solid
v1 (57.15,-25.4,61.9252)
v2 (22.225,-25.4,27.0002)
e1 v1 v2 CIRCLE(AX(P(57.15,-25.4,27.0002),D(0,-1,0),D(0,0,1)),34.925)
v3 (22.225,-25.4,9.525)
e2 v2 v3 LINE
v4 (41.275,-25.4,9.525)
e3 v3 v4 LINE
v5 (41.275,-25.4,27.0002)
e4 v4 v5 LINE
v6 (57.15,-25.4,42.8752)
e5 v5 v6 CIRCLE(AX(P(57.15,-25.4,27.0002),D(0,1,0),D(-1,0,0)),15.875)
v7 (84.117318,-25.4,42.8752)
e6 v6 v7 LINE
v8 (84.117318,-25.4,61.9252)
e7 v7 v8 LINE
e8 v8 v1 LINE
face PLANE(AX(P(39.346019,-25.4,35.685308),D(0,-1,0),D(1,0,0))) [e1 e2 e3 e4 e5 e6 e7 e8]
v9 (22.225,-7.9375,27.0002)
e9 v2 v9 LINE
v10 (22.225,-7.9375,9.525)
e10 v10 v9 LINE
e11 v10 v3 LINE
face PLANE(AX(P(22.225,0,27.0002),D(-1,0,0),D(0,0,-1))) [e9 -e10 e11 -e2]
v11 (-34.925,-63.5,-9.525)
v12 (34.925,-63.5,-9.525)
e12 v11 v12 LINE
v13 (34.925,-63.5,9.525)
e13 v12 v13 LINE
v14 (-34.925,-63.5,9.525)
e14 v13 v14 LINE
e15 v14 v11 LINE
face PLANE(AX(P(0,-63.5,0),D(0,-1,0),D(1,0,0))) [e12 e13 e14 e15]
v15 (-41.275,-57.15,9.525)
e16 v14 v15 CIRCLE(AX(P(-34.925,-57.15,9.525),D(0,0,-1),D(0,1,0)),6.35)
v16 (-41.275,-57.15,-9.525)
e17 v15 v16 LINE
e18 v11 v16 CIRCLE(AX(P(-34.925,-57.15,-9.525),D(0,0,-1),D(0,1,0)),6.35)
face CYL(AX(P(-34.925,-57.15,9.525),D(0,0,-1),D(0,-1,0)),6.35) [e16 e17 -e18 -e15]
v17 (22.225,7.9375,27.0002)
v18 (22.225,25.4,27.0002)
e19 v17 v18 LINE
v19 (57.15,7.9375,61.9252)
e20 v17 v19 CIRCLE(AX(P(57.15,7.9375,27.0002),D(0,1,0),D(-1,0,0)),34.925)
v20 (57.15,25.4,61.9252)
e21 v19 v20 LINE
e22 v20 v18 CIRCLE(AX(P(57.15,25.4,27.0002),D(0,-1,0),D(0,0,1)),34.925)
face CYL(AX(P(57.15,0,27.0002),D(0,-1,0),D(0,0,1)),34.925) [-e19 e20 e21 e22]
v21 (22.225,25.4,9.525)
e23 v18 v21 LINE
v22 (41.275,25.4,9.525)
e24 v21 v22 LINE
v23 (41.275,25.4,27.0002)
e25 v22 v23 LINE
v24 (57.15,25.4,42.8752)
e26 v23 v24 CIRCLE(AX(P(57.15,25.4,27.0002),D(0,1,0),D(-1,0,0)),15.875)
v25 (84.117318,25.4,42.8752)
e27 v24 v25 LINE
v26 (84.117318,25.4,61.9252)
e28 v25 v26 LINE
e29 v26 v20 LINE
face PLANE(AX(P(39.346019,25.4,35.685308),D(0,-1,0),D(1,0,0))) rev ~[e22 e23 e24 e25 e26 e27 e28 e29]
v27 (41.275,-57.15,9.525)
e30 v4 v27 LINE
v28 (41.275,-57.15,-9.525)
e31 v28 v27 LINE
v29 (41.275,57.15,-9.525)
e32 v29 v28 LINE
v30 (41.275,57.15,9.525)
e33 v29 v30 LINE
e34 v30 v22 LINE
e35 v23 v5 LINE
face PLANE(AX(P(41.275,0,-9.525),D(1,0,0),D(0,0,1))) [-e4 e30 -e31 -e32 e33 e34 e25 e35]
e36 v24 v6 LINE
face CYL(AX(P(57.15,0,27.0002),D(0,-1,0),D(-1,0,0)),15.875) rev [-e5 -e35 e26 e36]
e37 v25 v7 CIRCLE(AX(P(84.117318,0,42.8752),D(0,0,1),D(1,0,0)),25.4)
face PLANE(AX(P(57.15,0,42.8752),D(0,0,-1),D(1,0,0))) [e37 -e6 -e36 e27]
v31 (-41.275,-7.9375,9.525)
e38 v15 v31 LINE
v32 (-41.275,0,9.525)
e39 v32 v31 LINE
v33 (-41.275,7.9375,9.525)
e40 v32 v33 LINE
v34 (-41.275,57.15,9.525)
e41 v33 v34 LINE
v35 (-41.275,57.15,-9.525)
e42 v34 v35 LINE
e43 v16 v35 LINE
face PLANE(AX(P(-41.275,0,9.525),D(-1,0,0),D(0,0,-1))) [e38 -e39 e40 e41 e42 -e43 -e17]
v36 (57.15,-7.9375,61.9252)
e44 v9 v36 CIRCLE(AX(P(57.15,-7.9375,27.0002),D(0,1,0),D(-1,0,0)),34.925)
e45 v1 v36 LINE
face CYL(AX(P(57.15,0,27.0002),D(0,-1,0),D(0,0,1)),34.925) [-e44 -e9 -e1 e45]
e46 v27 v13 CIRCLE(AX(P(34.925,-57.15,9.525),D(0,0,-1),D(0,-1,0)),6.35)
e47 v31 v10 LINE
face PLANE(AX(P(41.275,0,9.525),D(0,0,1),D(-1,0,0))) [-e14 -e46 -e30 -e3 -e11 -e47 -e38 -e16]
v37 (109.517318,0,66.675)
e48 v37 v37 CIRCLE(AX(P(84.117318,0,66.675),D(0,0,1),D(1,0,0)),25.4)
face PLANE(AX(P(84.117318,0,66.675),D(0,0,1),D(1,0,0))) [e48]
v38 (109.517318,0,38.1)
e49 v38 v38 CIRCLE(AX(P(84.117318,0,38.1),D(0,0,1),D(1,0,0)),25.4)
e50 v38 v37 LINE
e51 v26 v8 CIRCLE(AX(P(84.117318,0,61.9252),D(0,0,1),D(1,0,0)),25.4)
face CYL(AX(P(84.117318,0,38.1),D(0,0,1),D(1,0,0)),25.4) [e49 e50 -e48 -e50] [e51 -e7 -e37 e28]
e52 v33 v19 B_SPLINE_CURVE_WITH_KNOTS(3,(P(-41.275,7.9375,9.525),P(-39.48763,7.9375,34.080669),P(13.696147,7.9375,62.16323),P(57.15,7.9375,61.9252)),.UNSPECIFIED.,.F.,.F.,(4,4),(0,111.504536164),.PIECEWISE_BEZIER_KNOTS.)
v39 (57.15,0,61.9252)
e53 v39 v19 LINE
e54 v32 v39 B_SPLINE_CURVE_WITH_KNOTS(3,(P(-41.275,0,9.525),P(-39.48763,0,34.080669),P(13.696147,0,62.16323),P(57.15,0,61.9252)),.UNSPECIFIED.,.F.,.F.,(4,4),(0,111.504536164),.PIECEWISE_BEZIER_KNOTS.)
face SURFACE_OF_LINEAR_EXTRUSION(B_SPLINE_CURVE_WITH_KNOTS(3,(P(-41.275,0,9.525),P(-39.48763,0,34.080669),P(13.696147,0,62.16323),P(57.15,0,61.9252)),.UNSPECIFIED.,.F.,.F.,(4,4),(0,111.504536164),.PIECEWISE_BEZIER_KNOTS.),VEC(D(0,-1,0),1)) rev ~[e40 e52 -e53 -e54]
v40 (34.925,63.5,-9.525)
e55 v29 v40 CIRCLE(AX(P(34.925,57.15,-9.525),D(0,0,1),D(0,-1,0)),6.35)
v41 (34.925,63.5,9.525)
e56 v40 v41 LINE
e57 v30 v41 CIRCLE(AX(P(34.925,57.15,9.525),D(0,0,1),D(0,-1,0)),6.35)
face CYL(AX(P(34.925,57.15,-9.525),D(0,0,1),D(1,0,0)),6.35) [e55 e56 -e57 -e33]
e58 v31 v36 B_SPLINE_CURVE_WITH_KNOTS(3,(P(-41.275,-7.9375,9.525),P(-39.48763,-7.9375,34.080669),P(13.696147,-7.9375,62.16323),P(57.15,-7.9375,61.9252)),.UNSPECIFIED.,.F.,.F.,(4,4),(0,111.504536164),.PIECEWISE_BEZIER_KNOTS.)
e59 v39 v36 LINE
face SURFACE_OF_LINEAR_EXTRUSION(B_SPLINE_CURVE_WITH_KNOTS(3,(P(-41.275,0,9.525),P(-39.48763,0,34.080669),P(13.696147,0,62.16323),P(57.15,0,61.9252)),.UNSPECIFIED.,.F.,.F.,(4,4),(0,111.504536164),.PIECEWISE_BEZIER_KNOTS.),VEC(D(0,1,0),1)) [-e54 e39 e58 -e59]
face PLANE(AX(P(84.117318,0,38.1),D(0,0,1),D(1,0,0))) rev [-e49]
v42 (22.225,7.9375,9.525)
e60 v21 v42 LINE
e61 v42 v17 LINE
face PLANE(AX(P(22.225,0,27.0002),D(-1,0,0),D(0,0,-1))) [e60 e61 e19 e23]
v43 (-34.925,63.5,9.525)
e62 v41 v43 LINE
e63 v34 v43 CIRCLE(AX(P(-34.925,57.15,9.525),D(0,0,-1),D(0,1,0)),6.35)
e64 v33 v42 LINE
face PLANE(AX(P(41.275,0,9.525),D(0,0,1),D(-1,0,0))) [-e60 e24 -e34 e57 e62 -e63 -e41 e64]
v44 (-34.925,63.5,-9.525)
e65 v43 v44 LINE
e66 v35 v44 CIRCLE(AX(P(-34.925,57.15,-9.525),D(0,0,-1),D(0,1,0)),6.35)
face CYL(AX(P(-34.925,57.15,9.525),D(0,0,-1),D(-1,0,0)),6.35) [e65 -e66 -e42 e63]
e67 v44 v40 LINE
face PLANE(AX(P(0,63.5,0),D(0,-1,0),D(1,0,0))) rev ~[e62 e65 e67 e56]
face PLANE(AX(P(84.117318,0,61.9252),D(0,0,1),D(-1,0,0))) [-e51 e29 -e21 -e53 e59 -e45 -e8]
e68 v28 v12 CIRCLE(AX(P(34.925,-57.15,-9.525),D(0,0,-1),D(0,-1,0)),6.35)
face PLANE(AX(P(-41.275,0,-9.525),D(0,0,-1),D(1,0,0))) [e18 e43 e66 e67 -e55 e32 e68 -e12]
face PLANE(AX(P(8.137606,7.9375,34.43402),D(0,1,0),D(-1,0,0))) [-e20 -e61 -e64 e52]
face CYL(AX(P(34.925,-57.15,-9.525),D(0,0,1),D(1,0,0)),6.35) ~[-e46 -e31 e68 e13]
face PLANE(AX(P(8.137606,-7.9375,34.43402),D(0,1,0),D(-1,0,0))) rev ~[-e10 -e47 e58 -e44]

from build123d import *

# Parameters (mm, degrees)
F1_DEPTH = 63.5
F0_W     = 25.4
F0_H     = 19.05
F2_DEPTH = 25.4
F3_DEPTH = 7.9375
F5_R     = 6.35


with BuildPart() as f1:
    # F0 (on Front) → F1 (new body, symmetric)
    with BuildSketch(Plane.XZ):
        Polygon((-41.275, -9.525), (41.275, -9.525), (41.275, 9.525), (22.225, 9.525), (-41.275, 9.525), align=None)
    extrude(amount=F1_DEPTH, both=True)

    # F0 (on Front) → F2 (join, symmetric)
    with BuildSketch(Plane.XZ):
        with BuildLine():
            Line((22.225, 9.525), (41.275, 9.525))
            Line((41.275, 9.525), (41.275, 27.0002))
            ThreePointArc((41.275, 27.0002), (45.9246798487, 38.2255201513), (57.15, 42.8752))
            Line((57.15, 42.8752), (58.7173181552, 42.8752))
            Line((58.7173181552, 42.8752), (58.7173181552, 61.9252))
            Line((58.7173181552, 61.9252), (57.15, 61.9252))
            ThreePointArc((57.15, 61.9252), (32.4542956671, 51.6959043329), (22.225, 27.0002))
            Line((22.225, 27.0002), (22.225, 9.525))
        make_face()
        with Locations((71.4173181552, 52.4002)):
            Rectangle(F0_W, F0_H)
    extrude(amount=F2_DEPTH, both=True)

    # F0 (on Front) → F3 (join, symmetric)
    with BuildSketch(Plane.XZ):
        with BuildLine():
            add(Edge.make_bspline(
                [(-41.275, 9.525), (-39.4876301289, 34.0806692839), (13.6961471289, 62.1632300317), (57.15, 61.9252)],
                knots=[0, 0, 0, 0, 111.5045361635, 111.5045361635, 111.5045361635, 111.5045361635], degree=3))
            Line((-41.275, 9.525), (22.225, 9.525))
            Line((22.225, 9.525), (22.225, 27.0002))
            ThreePointArc((22.225, 27.0002), (32.4542956671, 51.6959043329), (57.15, 61.9252))
        make_face()
    extrude(amount=F3_DEPTH, both=True)

    # F0 (on Front) → F4 (revolve)
    with BuildSketch(Plane.XZ):
        Polygon((84.1173181552, 66.675), (84.1173181552, 61.9252), (84.1173181552, 42.8752), (84.1173181552, 38.1), (109.5173181552, 38.1), (109.5173181552, 66.675), align=None)
    revolve(axis=Axis((84.1173181552, 0, 52.3875), (0, 0, 1)))

    # F5
    f5_edges = [f1.edges().sort_by_distance(p)[0] for p in [
        (41.275, -63.5, 0),
        (-41.275, -63.5, 0),
        (41.275, 63.5, 0),
        (-41.275, 63.5, 0),
    ]]
    fillet(f5_edges, radius=F5_R)


solid = f1.part
